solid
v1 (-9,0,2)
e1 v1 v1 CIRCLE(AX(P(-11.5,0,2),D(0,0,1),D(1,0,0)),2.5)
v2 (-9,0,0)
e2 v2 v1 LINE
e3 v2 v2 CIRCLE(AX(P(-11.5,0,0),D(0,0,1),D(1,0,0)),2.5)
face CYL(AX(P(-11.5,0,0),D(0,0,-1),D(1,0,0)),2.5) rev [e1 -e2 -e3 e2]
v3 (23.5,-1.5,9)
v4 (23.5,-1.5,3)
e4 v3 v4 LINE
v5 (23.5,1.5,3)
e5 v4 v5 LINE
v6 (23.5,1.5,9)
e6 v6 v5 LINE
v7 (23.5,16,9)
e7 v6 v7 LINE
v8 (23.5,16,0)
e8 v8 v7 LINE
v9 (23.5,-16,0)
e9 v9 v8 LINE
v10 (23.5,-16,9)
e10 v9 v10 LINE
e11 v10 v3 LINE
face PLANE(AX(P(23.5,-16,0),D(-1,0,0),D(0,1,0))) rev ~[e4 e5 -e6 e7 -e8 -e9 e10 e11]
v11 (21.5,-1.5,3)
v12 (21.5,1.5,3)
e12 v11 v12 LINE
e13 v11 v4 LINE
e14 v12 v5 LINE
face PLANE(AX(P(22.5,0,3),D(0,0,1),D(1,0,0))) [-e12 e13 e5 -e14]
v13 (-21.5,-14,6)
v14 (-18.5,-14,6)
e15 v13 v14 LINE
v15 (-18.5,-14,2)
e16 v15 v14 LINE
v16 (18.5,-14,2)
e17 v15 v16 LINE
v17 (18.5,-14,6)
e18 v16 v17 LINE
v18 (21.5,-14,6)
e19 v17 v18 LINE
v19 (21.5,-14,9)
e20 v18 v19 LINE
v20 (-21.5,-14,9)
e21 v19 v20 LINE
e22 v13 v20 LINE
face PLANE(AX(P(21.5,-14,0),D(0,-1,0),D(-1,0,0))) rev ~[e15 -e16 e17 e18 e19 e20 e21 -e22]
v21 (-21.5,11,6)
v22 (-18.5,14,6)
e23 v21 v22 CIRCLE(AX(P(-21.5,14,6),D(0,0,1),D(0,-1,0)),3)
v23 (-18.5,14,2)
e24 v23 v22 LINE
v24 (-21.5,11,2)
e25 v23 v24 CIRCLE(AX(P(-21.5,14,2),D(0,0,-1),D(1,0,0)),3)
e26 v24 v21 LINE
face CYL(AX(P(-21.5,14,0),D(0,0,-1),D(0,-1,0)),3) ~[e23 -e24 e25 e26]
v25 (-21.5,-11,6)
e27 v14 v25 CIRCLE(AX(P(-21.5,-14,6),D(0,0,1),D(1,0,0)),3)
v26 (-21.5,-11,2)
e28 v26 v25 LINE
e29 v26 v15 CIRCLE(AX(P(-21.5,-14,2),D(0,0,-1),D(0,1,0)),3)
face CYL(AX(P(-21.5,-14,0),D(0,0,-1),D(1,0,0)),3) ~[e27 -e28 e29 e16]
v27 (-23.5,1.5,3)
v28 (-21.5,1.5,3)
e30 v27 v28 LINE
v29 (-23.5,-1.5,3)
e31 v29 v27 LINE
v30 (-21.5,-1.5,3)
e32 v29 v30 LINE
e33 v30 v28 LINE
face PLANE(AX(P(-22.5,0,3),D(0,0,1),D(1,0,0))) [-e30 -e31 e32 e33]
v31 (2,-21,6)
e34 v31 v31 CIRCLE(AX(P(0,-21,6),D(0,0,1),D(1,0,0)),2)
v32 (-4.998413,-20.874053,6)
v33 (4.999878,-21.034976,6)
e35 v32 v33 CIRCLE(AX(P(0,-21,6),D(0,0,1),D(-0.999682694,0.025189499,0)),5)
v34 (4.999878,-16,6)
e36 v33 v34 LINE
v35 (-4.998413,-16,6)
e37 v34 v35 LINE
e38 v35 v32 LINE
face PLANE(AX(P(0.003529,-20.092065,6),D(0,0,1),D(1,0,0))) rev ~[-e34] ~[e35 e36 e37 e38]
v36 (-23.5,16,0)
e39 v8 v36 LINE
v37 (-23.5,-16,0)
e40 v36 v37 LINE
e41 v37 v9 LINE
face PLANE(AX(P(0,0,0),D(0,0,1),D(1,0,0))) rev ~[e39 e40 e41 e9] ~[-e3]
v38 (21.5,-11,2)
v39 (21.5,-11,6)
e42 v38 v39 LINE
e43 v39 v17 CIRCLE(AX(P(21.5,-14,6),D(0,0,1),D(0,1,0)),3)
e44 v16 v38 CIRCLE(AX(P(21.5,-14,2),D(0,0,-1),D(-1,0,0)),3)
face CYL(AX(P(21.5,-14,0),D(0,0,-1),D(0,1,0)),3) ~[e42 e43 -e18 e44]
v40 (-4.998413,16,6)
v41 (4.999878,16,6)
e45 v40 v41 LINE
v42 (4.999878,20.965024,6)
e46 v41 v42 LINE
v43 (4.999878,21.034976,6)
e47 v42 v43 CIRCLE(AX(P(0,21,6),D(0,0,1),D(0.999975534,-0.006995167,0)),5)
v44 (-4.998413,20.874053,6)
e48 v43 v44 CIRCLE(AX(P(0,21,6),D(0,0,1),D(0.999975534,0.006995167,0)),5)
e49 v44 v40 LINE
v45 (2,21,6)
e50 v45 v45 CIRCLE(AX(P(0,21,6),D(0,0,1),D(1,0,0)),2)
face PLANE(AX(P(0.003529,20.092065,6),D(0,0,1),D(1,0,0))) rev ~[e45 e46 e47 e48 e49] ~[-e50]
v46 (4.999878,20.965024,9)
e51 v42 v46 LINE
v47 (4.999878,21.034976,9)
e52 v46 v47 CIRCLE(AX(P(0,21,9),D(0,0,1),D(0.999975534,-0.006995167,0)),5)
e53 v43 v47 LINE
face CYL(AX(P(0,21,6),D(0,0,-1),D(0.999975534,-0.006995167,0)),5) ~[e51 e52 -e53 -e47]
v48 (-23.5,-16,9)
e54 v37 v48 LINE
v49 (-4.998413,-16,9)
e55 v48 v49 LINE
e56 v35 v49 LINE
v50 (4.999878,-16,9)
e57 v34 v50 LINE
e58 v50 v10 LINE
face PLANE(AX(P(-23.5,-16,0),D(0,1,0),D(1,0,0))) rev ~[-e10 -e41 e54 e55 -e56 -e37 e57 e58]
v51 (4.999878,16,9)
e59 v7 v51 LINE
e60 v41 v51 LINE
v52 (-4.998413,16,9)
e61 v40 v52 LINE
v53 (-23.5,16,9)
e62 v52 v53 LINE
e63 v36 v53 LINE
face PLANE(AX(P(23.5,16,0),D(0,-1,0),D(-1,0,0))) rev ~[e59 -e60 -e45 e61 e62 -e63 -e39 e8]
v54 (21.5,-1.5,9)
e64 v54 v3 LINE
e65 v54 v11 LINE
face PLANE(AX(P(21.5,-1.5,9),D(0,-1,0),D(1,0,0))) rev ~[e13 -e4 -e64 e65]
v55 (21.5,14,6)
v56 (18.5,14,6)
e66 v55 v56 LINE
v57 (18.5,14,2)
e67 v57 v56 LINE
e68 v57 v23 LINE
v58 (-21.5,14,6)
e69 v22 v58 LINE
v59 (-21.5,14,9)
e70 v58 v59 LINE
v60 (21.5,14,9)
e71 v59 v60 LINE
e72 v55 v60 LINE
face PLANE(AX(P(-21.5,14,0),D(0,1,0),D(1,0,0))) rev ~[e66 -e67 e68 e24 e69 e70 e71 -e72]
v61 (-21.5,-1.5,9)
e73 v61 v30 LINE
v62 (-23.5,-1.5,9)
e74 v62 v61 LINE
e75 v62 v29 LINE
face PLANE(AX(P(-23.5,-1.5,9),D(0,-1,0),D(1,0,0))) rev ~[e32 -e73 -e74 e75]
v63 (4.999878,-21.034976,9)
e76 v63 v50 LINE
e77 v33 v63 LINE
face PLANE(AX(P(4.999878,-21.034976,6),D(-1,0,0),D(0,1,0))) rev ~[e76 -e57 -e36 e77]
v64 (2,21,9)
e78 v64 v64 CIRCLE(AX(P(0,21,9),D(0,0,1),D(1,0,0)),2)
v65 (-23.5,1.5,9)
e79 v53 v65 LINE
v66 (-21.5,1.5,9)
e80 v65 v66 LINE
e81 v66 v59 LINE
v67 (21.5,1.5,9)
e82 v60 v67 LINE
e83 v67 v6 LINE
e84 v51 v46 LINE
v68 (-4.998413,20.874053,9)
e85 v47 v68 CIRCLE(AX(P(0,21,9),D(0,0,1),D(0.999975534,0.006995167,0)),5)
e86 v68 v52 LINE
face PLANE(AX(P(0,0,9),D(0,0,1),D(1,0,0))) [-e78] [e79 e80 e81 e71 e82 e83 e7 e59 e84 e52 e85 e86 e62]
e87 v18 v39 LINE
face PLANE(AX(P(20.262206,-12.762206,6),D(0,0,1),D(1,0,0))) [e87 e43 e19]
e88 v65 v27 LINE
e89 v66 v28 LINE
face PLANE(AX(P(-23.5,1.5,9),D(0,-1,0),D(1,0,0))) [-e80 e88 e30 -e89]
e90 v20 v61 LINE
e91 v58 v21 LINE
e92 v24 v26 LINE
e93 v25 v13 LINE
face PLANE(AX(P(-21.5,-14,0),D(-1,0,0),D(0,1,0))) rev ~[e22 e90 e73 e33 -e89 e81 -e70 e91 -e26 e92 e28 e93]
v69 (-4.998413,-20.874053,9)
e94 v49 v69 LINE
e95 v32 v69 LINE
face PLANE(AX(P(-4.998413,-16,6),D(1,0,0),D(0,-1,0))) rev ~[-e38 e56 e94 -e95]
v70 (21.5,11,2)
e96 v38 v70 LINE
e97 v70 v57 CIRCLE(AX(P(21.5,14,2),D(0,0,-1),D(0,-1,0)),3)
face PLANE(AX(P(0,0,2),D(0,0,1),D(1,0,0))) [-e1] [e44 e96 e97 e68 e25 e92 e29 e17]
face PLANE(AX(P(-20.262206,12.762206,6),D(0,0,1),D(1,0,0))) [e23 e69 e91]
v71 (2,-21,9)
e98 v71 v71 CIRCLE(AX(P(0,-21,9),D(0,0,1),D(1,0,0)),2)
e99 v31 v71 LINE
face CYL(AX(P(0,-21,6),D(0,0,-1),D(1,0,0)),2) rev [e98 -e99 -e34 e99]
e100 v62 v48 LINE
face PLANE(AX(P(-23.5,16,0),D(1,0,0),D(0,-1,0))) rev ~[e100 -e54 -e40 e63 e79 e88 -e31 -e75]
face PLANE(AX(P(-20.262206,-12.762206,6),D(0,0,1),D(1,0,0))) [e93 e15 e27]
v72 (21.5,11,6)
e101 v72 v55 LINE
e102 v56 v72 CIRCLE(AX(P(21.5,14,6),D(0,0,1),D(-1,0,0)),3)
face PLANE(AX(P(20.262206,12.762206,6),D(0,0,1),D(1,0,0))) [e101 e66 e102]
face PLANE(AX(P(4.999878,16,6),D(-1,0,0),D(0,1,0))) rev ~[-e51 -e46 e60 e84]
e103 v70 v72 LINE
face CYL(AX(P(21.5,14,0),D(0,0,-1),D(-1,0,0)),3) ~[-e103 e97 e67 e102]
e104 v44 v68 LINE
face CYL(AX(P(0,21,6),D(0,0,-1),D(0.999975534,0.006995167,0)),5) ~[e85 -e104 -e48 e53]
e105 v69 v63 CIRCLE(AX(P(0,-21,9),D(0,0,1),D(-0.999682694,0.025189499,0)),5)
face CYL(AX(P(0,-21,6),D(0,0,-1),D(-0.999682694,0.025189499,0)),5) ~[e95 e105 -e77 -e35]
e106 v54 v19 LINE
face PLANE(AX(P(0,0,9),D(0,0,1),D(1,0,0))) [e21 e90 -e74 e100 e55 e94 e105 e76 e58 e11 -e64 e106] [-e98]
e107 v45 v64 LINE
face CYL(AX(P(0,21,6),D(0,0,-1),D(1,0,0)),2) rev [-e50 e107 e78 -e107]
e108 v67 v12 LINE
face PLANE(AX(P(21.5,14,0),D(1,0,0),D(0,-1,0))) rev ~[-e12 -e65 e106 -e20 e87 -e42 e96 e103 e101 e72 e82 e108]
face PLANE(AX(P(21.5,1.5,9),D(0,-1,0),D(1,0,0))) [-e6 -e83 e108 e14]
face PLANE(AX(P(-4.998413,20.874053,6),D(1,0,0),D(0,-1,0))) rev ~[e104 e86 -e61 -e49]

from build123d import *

# Parameters (mm, degrees)
F1_DEPTH = 9
F0_R     = 2.5
F2_DEPTH = 2
F3_DEPTH = 6
F4_START = 6
F0_R_2   = 2
F4_DEPTH = 3
F5_W     = 2
F5_H     = 3
F6_DEPTH = 6


with BuildPart() as f1:
    # F0 (on Top) → F1 (new body)
    with BuildSketch(Plane.XY):
        Polygon((-4.9984134711, 16), (-23.5, 16), (-23.5, -16), (-4.9984134711, -16), (4.9998776676, -16), (23.5, -16), (23.5, 16), (4.9998776676, 16), align=None)
        Polygon((-21.5, 11), (-21.5, 14), (-18.5, 14), (18.5, 14), (21.5, 14), (21.5, 11), (21.5, -11), (21.5, -14), (18.5, -14), (-18.5, -14), (-21.5, -14), (-21.5, -11), align=None, mode=Mode.SUBTRACT)
    extrude(amount=F1_DEPTH)

    # F0 (on Top) → F2 (join)
    with BuildSketch(Plane.XY):
        with BuildLine():
            Line((18.5, 14), (-18.5, 14))
            ThreePointArc((-18.5, 14), (-19.3786796564, 11.8786796564), (-21.5, 11))
            Line((-21.5, 11), (-21.5, -11))
            ThreePointArc((-21.5, -11), (-19.3786796564, -11.8786796564), (-18.5, -14))
            Line((-18.5, -14), (18.5, -14))
            ThreePointArc((18.5, -14), (19.3786796564, -11.8786796564), (21.5, -11))
            Line((21.5, -11), (21.5, 11))
            ThreePointArc((21.5, 11), (19.3786796564, 11.8786796564), (18.5, 14))
        make_face()
        with Locations((-11.5, 0)):
            Circle(F0_R, mode=Mode.SUBTRACT)
    extrude(amount=F2_DEPTH)

    # F0 (on Top) → F3 (join)
    with BuildSketch(Plane.XY):
        with BuildLine():
            Line((-18.5, 14), (-21.5, 14))
            Line((-21.5, 14), (-21.5, 11))
            ThreePointArc((-21.5, 11), (-19.3786796564, 11.8786796564), (-18.5, 14))
        make_face()
        with BuildLine():
            Line((21.5, 14), (18.5, 14))
            ThreePointArc((18.5, 14), (19.3786796564, 11.8786796564), (21.5, 11))
            Line((21.5, 11), (21.5, 14))
        make_face()
        with BuildLine():
            Line((21.5, -14), (21.5, -11))
            ThreePointArc((21.5, -11), (19.3786796564, -11.8786796564), (18.5, -14))
            Line((18.5, -14), (21.5, -14))
        make_face()
        with BuildLine():
            ThreePointArc((-18.5, -14), (-19.3786796564, -11.8786796564), (-21.5, -11))
            Line((-21.5, -11), (-21.5, -14))
            Line((-21.5, -14), (-18.5, -14))
        make_face()
    extrude(amount=F3_DEPTH)

    # F0 (on Top) → F4 (join)
    with BuildSketch(Plane.XY.offset(F4_START)):
        with BuildLine():
            Line((-4.9984134711, 20.8740525043), (-4.9984134711, 16))
            Line((-4.9984134711, 16), (4.9998776676, 16))
            Line((4.9998776676, 16), (4.9998776676, 20.9650241638))
            ThreePointArc((4.9998776676, 20.9650241638), (5, 21), (4.9998776676, 21.0349758362))
            ThreePointArc((4.9998776676, 21.0349758362), (-0.0804649964, 25.9993524965), (-4.9984134711, 20.8740525043))
        make_face()
        with Locations((0, 21)):
            Circle(F0_R_2, mode=Mode.SUBTRACT)
        with BuildLine():
            Line((4.9998776676, -16), (-4.9984134711, -16))
            Line((-4.9984134711, -16), (-4.9984134711, -20.8740525043))
            ThreePointArc((-4.9984134711, -20.8740525043), (-0.0804649964, -25.9993524965), (4.9998776676, -21.0349758362))
            Line((4.9998776676, -21.0349758362), (4.9998776676, -20.9650241638))
            Line((4.9998776676, -20.9650241638), (4.9998776676, -16))
        make_face()
        with Locations((0, -21)):
            Circle(F0_R_2, mode=Mode.SUBTRACT)
    extrude(amount=F4_DEPTH)

    # F5 (on face) → F6 (cut)
    with BuildSketch(Plane.XY.offset(9)):
        with Locations((-22.5, 0)):
            Rectangle(F5_W, F5_H)
        with Locations((22.5, 0)):
            Rectangle(F5_W, F5_H)
    extrude(amount=-F6_DEPTH, mode=Mode.SUBTRACT)


solid = f1.part
